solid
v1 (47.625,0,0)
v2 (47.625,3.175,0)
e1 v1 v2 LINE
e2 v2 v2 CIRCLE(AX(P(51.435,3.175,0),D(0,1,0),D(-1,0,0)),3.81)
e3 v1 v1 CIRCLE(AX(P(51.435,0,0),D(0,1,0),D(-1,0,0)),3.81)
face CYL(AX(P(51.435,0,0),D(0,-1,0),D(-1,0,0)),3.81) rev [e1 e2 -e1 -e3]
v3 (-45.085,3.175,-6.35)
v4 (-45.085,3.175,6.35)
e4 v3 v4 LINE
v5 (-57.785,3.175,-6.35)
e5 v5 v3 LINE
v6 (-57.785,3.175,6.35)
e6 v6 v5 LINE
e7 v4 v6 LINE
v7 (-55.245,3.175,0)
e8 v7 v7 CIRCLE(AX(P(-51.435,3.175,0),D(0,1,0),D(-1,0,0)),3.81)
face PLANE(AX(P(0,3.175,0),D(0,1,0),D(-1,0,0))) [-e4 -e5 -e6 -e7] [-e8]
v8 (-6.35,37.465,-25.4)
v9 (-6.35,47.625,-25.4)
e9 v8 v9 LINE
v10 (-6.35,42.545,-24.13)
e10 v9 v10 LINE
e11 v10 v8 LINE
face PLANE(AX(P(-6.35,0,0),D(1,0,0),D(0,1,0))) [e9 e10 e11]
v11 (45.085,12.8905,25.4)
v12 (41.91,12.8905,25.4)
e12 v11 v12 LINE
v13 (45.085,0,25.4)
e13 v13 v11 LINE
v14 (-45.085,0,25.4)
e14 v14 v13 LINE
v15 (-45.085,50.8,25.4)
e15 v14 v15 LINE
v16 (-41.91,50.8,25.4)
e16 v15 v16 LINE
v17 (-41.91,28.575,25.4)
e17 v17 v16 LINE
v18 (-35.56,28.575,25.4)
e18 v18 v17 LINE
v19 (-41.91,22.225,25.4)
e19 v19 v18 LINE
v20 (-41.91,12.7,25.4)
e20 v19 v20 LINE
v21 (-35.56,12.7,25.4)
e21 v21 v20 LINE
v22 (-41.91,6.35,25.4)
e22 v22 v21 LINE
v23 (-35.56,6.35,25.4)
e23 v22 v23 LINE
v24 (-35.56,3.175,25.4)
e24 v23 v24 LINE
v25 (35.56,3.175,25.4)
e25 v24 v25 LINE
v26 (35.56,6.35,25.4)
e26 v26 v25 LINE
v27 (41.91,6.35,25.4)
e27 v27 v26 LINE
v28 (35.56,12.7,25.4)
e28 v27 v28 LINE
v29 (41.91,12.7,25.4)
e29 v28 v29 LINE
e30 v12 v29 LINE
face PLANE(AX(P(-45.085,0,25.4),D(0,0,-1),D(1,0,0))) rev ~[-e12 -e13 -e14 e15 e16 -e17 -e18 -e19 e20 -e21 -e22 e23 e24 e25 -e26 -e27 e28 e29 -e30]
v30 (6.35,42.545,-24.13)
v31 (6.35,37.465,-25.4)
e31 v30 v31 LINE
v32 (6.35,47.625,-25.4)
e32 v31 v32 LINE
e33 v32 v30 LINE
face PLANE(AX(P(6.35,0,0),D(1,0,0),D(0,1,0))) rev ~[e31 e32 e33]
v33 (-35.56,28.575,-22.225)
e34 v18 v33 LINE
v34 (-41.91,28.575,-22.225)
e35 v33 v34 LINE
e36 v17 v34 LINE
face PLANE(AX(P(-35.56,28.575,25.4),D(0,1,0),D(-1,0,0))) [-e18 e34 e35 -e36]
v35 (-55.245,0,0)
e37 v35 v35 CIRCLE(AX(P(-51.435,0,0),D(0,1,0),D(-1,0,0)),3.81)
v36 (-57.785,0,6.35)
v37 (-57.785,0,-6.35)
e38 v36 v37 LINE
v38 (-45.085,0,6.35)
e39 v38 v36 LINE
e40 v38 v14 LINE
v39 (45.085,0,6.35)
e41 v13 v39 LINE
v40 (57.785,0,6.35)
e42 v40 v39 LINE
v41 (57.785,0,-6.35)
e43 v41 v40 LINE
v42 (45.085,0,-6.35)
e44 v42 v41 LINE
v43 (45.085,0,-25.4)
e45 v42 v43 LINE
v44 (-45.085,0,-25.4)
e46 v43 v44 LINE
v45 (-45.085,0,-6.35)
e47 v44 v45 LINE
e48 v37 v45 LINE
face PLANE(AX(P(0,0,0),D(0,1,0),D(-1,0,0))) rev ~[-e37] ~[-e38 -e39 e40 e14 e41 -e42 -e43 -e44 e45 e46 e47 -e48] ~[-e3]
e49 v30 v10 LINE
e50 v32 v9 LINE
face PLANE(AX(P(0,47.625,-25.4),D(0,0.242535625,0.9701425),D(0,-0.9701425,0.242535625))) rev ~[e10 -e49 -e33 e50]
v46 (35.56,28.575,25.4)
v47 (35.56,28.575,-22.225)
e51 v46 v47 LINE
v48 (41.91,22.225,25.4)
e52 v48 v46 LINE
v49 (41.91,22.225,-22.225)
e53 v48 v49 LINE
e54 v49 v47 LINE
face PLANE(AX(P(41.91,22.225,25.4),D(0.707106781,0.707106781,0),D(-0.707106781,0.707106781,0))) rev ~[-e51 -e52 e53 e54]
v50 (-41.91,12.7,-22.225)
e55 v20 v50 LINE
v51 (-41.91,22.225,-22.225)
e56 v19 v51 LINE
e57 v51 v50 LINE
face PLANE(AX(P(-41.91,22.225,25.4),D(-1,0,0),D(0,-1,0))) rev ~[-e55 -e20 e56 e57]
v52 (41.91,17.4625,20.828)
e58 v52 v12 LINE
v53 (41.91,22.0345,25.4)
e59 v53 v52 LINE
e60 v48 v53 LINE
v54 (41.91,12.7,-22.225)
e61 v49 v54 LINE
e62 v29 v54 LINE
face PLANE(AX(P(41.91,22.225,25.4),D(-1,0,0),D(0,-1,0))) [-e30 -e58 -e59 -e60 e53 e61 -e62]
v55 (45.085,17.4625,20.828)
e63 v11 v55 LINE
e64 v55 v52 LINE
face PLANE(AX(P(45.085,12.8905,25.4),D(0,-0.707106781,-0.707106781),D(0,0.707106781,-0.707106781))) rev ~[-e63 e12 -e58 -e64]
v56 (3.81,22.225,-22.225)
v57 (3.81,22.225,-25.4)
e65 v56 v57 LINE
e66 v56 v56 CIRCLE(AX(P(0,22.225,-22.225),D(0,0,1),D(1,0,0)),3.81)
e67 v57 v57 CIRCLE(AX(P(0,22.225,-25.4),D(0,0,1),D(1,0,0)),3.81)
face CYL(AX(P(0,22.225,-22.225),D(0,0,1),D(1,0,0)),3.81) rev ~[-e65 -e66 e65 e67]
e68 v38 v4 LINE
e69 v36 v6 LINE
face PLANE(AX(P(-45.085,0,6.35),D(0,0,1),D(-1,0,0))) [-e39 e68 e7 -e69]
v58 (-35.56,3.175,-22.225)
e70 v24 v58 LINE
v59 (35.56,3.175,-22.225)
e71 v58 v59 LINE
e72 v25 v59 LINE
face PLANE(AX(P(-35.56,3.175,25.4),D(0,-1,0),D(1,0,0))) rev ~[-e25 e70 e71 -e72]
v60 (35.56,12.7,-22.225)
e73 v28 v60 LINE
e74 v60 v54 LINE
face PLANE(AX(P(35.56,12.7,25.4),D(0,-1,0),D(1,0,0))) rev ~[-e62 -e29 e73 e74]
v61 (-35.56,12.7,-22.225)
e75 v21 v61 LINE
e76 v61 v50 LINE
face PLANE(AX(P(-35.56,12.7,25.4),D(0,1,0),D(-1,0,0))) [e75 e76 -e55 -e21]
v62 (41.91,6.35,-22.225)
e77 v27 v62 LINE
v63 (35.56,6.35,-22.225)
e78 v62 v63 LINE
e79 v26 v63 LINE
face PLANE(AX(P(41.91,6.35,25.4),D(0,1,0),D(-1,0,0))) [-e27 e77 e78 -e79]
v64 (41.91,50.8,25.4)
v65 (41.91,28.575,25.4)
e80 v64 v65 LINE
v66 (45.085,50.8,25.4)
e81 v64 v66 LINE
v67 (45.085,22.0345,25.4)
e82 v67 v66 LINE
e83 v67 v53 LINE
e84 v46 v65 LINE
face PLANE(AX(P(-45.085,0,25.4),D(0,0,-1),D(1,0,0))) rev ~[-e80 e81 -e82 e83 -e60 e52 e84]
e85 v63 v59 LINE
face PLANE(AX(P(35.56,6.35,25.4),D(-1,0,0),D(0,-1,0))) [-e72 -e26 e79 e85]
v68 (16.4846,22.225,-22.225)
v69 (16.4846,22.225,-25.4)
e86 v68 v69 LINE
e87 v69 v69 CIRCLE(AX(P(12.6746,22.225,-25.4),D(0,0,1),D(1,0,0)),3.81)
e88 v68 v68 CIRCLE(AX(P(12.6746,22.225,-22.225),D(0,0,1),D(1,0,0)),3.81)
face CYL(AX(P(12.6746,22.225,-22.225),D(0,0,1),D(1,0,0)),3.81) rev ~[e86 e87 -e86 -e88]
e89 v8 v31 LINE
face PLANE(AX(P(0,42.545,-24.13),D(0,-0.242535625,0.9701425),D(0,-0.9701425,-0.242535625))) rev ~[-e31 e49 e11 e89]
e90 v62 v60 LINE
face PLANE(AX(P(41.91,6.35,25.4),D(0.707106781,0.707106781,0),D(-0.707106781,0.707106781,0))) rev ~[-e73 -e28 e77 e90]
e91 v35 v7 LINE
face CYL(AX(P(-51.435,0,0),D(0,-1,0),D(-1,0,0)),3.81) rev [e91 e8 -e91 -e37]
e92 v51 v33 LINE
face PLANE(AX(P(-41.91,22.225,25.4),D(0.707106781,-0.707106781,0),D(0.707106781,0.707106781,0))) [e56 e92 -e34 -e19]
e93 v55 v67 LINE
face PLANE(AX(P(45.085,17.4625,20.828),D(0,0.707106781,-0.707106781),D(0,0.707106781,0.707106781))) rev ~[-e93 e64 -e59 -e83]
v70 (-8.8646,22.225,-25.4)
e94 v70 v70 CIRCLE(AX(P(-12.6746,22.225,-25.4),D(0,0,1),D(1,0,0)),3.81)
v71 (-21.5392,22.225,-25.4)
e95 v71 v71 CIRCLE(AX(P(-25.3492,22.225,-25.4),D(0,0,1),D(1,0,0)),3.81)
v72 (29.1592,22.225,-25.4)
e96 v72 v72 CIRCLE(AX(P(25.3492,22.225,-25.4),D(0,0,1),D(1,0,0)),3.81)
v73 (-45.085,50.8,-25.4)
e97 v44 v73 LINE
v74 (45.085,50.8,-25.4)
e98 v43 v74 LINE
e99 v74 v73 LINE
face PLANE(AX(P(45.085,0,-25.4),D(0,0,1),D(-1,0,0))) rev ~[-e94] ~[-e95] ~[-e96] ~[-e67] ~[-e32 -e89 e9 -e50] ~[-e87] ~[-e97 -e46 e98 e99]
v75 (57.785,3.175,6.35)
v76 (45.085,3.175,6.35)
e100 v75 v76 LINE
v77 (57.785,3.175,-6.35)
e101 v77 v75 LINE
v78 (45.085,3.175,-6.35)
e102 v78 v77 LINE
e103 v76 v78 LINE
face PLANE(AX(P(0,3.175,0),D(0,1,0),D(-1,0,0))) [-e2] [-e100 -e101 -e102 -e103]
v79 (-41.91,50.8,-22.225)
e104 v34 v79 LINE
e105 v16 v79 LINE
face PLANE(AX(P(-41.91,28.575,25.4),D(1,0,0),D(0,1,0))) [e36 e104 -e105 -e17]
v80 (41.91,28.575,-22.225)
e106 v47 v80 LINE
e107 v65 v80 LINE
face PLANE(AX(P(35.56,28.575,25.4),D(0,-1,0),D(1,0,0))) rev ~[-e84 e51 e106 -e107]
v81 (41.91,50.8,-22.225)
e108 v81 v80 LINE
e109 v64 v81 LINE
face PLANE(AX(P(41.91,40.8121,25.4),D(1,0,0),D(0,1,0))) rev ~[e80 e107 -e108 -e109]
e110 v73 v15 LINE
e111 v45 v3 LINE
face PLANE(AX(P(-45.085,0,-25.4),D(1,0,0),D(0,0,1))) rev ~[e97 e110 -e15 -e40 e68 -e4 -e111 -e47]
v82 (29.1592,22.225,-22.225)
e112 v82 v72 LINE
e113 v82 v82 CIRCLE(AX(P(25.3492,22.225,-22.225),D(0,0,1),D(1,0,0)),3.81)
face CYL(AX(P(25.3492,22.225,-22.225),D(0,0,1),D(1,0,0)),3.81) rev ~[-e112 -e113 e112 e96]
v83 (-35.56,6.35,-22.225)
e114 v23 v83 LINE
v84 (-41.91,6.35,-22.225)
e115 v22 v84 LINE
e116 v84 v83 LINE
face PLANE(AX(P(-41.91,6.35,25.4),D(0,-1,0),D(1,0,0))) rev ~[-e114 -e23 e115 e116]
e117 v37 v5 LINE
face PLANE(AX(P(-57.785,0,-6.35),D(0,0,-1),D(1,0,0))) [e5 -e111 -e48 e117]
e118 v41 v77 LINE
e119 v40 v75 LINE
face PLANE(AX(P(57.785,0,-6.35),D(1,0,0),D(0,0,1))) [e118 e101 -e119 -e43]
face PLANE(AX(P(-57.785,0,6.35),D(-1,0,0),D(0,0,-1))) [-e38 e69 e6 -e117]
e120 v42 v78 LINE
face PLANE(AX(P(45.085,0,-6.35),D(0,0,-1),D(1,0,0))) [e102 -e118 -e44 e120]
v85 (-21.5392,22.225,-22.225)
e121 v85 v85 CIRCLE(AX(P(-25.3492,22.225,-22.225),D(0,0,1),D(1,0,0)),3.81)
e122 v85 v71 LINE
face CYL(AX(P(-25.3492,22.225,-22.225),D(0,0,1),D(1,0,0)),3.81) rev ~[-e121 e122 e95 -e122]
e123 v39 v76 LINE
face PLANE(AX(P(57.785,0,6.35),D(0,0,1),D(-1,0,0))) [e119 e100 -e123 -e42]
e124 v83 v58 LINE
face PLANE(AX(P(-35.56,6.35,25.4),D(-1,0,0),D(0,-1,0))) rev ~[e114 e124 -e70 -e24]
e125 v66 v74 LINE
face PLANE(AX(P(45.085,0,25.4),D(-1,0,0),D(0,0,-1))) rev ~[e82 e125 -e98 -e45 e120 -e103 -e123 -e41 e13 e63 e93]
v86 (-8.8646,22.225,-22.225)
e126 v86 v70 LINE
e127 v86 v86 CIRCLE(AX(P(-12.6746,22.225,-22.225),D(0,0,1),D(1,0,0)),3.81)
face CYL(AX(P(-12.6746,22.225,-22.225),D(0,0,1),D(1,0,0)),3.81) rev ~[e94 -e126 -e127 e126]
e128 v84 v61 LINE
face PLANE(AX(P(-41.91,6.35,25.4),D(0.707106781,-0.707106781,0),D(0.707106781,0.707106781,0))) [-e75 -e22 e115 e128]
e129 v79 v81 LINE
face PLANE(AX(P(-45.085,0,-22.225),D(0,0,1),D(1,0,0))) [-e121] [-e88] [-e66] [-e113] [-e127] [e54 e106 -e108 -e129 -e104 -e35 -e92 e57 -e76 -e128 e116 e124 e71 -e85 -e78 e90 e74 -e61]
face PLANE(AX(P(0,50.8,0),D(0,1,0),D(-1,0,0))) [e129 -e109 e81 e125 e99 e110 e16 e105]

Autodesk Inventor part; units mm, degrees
ref_plane "YZ Plane" through (0, 0, 0) normal (1, 0, 0) x (0, 1, 0)
ref_plane "XZ Plane" through (0, 0, 0) normal (0, 1, 0) x (-1, 0, 0)
ref_plane "XY Plane" through (0, 0, 0) normal (0, 0, 1) x (1, 0, 0)
sketch "Sketch1" plane through (0, 0, 0) normal (0, 1, 0) x (-1, 0, 0)
  line L0 (45.085, 25.4) -> (-45.085, 25.4)
  line L1 (-45.085, 25.4) -> (-45.085, -25.4)
  line L2 (-45.085, -25.4) -> (45.085, -25.4)
  line L3 (45.085, -25.4) -> (45.085, 25.4)
  point P0 (0, 0)
  dimension "d0" = 90.17
  dimension "d1" = 45.085
  dimension "d2" = 50.8
  dimension "d3" = 25.4
extrude "Extrusion1" add sketch "Sketch1" along normal blind 50.8
sketch "Sketch2" plane through (0, 0, 0) normal (0, 1, 0) x (-1, 0, 0)
  line L0 (45.085, -25.4) -> (45.085, 25.4) projected
  line L1 (45.085, 6.35) -> (57.785, 6.35)
  line L2 (57.785, 6.35) -> (57.785, -6.35)
  line L3 (57.785, -6.35) -> (45.085, -6.35)
  line L4 (45.085, -6.35) -> (45.085, 6.35)
  line L5 (-45.085, 25.4) -> (-45.085, -25.4) projected
  line L6 (-45.085, -6.35) -> (-57.785, -6.35)
  line L7 (-57.785, -6.35) -> (-57.785, 6.35)
  line L8 (-57.785, 6.35) -> (-45.085, 6.35)
  line L9 (-45.085, 6.35) -> (-45.085, -6.35)
  circle A0 centre (51.435, 0) radius 3.81
  circle A1 centre (-51.435, 0) radius 3.81
  line L10 (51.435, 0) -> (51.435, -6.35) construction
  point P0 (0, 0)
  point P1 (-45.085, 6.35)
  point P2 (45.085, -6.35)
  dimension "d6" = 12.7
  dimension "d7" = 12.7
  dimension "d8" = 6.35
  dimension "d9" = 7.62
  dimension "d34" = 6.35
  dimension "d35" = 6.35
  dimension "d37" = 6.35
extrude "Extrusion2" add sketch "Sketch2" along normal blind 3.175
sketch "Sketch4" plane through (-45.085, 0, 25.4) normal (0, 0, 1) x (1, 0, 0)
  line L0 (9.525, 3.175) -> (80.645, 3.175)
  line L1 (90.17, 0) -> (90.17, 50.8) projected
  line L2 (0, 50.8) -> (90.17, 50.8) projected
  line L3 (0, 0) -> (90.17, 0) projected
  line L4 (3.175, 40.8121) -> (3.175, 50.8)
  line L5 (90.17, 50.8) -> (0, 50.8) projected
  circle A0 centre (13.335, 40.8121) radius 2.5681 construction
  circle A1 centre (29.21, 40.8121) radius 2.5681 construction
  circle A2 centre (45.085, 40.8121) radius 2.6318 construction
  circle A3 centre (60.96, 40.8121) radius 2.9599 construction
  circle A4 centre (76.835, 40.8121) radius 2.9663 construction
  line L6 (3.175, 40.8121) -> (13.335, 40.8121) construction
  line L7 (13.335, 40.8121) -> (29.21, 40.8121) construction
  line L8 (29.21, 40.8121) -> (45.085, 40.8121) construction
  line L9 (45.085, 40.8121) -> (60.96, 40.8121) construction
  line L10 (60.96, 40.8121) -> (76.835, 40.8121) construction
  line L11 (76.835, 40.8121) -> (86.995, 40.8121) construction
  line L12 (3.175, 6.35) -> (9.525, 12.7)
  line L13 (9.525, 12.7) -> (3.175, 12.7)
  line L14 (3.175, 22.225) -> (9.525, 28.575)
  line L15 (9.525, 28.575) -> (3.175, 28.575)
  line L16 (45.085, 3.175) -> (45.085, 50.8) construction
  line L17 (3.175, 22.225) -> (3.175, 12.7)
  line L18 (0, 0) -> (0, 50.8) projected
  line L19 (90.17, 0) -> (0, 0) projected
  line L20 (3.175, 6.35) -> (9.525, 6.35)
  line L21 (9.525, 6.35) -> (9.525, 3.175)
  line L22 (86.995, 6.35) -> (80.645, 6.35)
  line L23 (80.645, 6.35) -> (80.645, 3.175)
  line L24 (3.175, 28.575) -> (3.175, 40.8121)
  line L25 (86.995, 12.7) -> (86.995, 6.35)
  line L26 (86.995, 6.35) -> (80.645, 12.7)
  line L27 (80.645, 12.7) -> (86.995, 12.7)
  line L28 (86.995, 22.225) -> (80.645, 28.575)
  line L29 (80.645, 28.575) -> (86.995, 28.575)
  line L30 (86.995, 22.225) -> (86.995, 12.7)
  line L31 (86.995, 28.575) -> (86.995, 40.8121)
  line L32 (86.995, 40.8121) -> (86.995, 50.8)
  line L33 (90.17, 0) -> (90.17, 50.8) projected
  point P0 (45.085, 0)
  point P1 (3.175, 6.35)
  dimension "d15" = 3.175
  dimension "d19" = 15.875
  dimension "d22" = 6.35
  dimension "d23" = 9.525
  dimension "d25" = 6.35
  dimension "d26" = 25.4
  dimension "d39" = 6.35
  dimension "d40" = 6.35
  dimension "d41" = 3.175
  dimension "d42" = 3.175
extrude "Extrusion3" cut sketch "Sketch4" against normal blind 47.625 contours L21 L20 L12 L13 L17 L14 L15 L24 L4 L2 L32 L31 L29 L28 L30 L27 L26 L22 L23 L0
sketch "Sketch5" plane through (-45.085, 0, -22.225) normal (0, 0, 1) x (1, 0, 0)
  line L0 (3.175, 12.065) -> (3.175, 22.225) projected
  line L1 (19.7358, 22.225) -> (32.4104, 22.225) construction
  line L2 (32.4104, 22.225) -> (45.085, 22.225) construction
  line L3 (45.085, 22.225) -> (57.7596, 22.225) construction
  line L4 (57.7596, 22.225) -> (70.4342, 22.225) construction
  line L5 (86.995, 22.225) -> (86.995, 12.065) projected
  circle A0 centre (19.7358, 22.225) radius 3.81
  circle A1 centre (32.4104, 22.225) radius 3.81
  circle A2 centre (45.085, 22.225) radius 3.81
  circle A3 centre (57.7596, 22.225) radius 3.81
  circle A4 centre (70.4342, 22.225) radius 3.81
  line L6 (19.7358, 22.225) -> (3.175, 22.225) construction
  line L7 (70.4342, 22.225) -> (86.995, 22.225) construction
  line L8 (80.645, 3.175) -> (9.525, 3.175) projected
  line L9 (0, 0) -> (90.17, 0) projected
  point P0 (45.085, 0)
  point P1 (86.995, 3.175)
  point P2 (3.175, 3.175)
  dimension "d29" = 12.6746
  dimension "d30" = 7.62
  dimension "d38" = 22.225
extrude "Extrusion4" cut sketch "Sketch5" against normal blind 47.625
sketch "Sketch7" plane through (0, 0, 0) normal (1, 0, 0) x (0, 1, 0)
  line L0 (0, -25.4) -> (50.8, -25.4) projected
  line L1 (50.8, -25.4) -> (47.625, -25.4)
  line L2 (47.625, -25.4) -> (42.545, -24.13)
  line L3 (42.545, -24.13) -> (37.465, -25.4)
  line L4 (37.465, -25.4) -> (47.625, -25.4)
  line L5 (50.8, 25.4) -> (50.8, -25.4) projected
  point P0 (0, 0)
  point P1 (37.465, -25.4)
  dimension "d43" = 3.175
  dimension "d44" = 1.27
  dimension "d45" = 10.16
extrude "Extrusion5" cut sketch "Sketch7" against normal mid plane 12.7
sketch "Sketch8" plane through (45.085, 0, -25.4) normal (1, 0, 0) x (0, 0, -1)
  line L0 (-50.8, 12.7) -> (-50.8, 12.8905) construction
  line L1 (-50.8, 0) -> (-50.8, 50.8) construction
  line L2 (-50.8, 12.8905) -> (-46.228, 17.4625)
  line L3 (-46.228, 17.4625) -> (-50.8, 22.0345)
  line L4 (-50.8, 22.0345) -> (-50.8, 22.225) construction
  line L5 (-50.8, 22.225) -> (-3.175, 22.225) construction
  line L6 (-50.8, 22.225) -> (-46.228, 22.225) construction
  line L7 (-46.228, 22.225) -> (-46.228, 17.4625) construction
  line L8 (-46.228, 17.4625) -> (-46.228, 12.7) construction
  line L9 (-50.8, 12.7) -> (-3.175, 12.7) construction
  line L10 (-46.228, 12.7) -> (-50.8, 12.7) construction
  line L11 (-50.8, 22.0345) -> (-50.8, 12.8905)
  point P0 (-25.4, 0)
  dimension "d48" = 45
  dimension "d49" = 45
  dimension "d50" = 4.572
extrude "Extrusion6" cut sketch "Sketch8" against normal blind 25.4
equation "\"d1\" = 0.5 * d0"
equation "\"d3\" = 0.5 * d2"
equation "\"d8\" = 0.5 * d7"
equation "\"d34\" = 0.5 * d6"
equation "\"d35\" = d34"
equation "\"d37\" = d8"
equation "\"d15\" = d12"
equation "\"d42\" = d41"
equation "\"d12\" = 3.175"
properties part number "PCB_Case02"
